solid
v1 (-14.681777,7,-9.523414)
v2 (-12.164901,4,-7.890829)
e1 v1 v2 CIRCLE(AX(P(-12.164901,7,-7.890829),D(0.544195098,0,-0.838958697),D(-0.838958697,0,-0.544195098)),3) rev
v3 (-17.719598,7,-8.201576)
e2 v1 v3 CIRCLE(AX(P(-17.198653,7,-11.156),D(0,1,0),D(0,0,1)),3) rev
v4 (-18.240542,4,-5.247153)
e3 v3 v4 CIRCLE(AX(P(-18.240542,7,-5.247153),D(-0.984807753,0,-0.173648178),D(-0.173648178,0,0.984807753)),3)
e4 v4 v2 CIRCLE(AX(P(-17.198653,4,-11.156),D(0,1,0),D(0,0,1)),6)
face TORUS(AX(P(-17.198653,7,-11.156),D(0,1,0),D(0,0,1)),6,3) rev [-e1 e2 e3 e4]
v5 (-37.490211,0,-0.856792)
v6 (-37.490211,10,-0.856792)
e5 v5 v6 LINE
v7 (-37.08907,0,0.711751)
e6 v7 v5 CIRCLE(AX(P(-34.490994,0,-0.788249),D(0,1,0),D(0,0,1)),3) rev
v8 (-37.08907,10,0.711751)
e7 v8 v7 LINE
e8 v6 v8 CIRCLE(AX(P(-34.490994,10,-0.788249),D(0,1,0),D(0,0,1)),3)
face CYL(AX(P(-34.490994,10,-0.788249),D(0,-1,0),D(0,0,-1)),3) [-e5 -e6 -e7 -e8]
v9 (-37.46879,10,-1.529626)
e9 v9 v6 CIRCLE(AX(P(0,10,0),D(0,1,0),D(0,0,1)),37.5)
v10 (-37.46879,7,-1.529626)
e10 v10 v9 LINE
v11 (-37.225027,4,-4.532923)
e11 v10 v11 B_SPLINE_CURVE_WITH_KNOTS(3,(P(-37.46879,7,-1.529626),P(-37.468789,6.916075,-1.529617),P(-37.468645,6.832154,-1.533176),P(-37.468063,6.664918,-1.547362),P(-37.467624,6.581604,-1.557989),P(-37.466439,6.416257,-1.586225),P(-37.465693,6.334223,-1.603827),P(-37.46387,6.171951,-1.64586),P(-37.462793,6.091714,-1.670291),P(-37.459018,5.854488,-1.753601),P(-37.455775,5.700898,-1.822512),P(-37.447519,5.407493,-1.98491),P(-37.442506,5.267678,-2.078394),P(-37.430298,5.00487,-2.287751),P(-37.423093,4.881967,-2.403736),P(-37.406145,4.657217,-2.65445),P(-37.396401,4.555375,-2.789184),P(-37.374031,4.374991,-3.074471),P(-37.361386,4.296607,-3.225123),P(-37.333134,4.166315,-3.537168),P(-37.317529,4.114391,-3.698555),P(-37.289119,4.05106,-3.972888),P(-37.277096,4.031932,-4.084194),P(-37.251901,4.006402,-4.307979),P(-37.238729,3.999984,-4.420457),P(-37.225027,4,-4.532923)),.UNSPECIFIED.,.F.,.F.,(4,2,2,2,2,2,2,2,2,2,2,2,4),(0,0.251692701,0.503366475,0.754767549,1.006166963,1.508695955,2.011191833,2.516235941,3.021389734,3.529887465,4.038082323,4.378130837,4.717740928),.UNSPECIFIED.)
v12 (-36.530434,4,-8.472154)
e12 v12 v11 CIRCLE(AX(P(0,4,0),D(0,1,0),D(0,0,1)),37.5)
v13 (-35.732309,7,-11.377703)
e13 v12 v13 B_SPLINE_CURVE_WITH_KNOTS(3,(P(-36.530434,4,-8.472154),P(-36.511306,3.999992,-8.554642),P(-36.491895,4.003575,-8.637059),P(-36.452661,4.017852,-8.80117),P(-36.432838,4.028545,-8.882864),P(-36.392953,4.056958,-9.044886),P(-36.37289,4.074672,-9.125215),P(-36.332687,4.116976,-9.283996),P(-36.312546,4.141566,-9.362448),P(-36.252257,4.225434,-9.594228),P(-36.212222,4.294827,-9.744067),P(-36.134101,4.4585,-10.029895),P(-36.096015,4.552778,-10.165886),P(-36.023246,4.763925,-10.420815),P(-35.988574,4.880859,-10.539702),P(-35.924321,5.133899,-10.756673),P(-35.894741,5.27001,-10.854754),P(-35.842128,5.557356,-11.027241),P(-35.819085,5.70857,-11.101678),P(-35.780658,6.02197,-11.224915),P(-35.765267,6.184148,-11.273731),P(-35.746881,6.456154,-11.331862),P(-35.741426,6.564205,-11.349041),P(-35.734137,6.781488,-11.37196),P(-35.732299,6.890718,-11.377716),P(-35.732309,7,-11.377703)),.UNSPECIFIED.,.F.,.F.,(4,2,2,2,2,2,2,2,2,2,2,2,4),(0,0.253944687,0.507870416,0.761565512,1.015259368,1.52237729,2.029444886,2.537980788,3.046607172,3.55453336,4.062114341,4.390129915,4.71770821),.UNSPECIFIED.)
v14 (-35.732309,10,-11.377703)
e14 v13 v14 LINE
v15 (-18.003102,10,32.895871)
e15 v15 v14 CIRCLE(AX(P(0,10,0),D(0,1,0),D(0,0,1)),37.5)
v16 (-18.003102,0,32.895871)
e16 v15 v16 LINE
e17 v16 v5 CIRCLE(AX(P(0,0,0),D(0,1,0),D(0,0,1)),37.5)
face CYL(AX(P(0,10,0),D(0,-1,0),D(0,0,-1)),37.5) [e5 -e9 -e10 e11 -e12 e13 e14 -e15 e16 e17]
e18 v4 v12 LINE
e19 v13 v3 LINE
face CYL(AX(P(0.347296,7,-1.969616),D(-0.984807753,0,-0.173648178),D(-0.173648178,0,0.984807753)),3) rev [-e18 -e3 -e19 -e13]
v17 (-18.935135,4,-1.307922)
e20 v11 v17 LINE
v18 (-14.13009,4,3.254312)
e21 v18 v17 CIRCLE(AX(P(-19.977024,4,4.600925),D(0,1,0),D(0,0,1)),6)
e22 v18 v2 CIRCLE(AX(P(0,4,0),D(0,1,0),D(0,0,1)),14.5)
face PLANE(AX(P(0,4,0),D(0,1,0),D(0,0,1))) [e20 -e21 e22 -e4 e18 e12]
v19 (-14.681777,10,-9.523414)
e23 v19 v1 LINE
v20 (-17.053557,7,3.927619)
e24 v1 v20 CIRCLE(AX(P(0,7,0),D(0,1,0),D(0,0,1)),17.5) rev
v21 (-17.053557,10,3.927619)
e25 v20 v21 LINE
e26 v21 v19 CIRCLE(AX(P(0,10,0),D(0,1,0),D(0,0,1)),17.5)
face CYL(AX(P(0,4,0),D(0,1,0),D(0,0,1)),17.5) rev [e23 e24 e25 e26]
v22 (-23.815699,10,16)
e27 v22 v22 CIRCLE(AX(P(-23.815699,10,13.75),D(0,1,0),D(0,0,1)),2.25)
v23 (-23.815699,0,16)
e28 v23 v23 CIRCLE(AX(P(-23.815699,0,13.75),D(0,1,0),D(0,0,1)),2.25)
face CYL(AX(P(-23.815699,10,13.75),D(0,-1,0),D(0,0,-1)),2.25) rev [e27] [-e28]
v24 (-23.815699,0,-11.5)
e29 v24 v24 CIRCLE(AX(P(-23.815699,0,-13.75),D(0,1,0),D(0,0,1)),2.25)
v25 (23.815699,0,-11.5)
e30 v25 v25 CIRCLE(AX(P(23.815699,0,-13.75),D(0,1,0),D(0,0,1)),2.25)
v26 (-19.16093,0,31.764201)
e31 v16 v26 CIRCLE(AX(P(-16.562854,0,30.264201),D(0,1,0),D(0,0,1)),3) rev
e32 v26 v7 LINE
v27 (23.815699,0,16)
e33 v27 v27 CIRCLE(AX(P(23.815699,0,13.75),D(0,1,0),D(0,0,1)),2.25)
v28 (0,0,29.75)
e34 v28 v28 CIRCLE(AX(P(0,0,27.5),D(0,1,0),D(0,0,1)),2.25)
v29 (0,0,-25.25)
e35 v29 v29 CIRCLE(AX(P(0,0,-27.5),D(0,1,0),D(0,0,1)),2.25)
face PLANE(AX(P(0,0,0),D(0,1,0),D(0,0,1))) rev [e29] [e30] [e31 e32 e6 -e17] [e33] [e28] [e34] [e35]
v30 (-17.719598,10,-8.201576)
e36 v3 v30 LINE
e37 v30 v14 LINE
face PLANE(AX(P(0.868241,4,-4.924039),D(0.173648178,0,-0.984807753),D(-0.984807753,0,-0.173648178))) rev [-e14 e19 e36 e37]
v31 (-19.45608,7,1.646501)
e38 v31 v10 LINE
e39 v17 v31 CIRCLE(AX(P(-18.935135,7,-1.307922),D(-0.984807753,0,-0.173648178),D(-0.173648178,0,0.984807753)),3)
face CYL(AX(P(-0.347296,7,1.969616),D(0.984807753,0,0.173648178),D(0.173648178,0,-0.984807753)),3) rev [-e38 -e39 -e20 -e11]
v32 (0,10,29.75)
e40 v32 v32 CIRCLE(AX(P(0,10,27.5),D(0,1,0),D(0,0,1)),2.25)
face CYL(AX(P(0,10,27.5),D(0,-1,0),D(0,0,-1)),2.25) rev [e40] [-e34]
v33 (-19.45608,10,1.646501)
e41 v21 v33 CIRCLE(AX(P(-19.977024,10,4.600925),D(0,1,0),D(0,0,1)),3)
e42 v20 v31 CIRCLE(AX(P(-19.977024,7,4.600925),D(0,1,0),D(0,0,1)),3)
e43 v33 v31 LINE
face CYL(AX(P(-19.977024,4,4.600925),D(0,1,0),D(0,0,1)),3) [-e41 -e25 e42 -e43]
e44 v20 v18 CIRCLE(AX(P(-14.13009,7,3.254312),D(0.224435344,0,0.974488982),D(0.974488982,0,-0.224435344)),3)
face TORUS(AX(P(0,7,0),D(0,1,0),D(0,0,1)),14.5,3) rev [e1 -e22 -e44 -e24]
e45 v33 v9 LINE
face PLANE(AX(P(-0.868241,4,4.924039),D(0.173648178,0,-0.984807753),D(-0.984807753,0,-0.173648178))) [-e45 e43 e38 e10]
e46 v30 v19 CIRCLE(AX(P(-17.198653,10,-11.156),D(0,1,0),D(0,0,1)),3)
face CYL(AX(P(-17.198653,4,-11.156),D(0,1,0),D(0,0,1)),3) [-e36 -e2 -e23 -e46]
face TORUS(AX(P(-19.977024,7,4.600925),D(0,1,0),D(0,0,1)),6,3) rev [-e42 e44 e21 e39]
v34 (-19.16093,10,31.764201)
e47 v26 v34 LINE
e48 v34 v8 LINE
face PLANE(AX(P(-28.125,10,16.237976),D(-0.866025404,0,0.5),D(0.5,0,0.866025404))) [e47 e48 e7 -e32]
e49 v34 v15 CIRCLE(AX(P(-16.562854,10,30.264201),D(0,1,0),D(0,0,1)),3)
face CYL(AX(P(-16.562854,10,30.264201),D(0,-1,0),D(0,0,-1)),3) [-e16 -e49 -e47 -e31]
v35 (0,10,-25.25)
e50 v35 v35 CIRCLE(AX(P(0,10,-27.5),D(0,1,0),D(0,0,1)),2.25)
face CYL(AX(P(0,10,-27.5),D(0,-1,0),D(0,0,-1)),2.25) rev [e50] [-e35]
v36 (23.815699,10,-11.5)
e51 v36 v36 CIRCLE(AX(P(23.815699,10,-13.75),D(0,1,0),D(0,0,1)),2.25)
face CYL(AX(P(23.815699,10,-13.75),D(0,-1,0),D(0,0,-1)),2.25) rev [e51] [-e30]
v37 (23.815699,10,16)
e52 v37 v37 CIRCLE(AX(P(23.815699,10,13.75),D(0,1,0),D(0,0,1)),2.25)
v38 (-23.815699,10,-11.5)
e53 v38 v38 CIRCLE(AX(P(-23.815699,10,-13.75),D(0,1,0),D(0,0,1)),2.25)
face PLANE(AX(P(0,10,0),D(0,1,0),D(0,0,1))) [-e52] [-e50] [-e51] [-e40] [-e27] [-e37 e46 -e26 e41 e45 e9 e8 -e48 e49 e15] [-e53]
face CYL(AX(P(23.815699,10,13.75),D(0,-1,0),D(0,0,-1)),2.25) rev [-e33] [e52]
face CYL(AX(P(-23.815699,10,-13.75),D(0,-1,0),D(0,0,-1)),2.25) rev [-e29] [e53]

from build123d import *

# Parameters (mm, degrees)
SKETCH1_R           = 37.5
SKETCH1_R_2         = 2.25
BOSS_EXTRUDE1_DEPTH = 10
SKETCH4_R           = 17.5
CUT_EXTRUDE3_DEPTH  = 6
CUT_EXTRUDE1_DEPTH  = 6
CUT_EXTRUDE2_DEPTH  = 10
FILLET1_R           = 3


with BuildPart() as part:
    # Sketch1 → Boss-Extrude1 (new body)
    with BuildSketch(Plane(origin=(0, 0, 0), x_dir=(1, 0, 0), z_dir=(0, 1, 0))):
        Circle(SKETCH1_R)
        with Locations((0, 27.5)):
            Circle(SKETCH1_R_2, mode=Mode.SUBTRACT)
        with Locations((23.815698604, 13.75)):
            Circle(SKETCH1_R_2, mode=Mode.SUBTRACT)
        with Locations((23.815698604, -13.75)):
            Circle(SKETCH1_R_2, mode=Mode.SUBTRACT)
        with Locations((0, -27.5)):
            Circle(SKETCH1_R_2, mode=Mode.SUBTRACT)
        with Locations((-23.815698604, -13.75)):
            Circle(SKETCH1_R_2, mode=Mode.SUBTRACT)
        with Locations((-23.815698604, 13.75)):
            Circle(SKETCH1_R_2, mode=Mode.SUBTRACT)
    extrude(amount=BOSS_EXTRUDE1_DEPTH)

    # Sketch4 → Cut-Extrude3 (cut)
    with BuildSketch(Plane(origin=(0, 10, 0), x_dir=(1, 0, 0), z_dir=(0, 1, 0))):
        Circle(SKETCH4_R)
    extrude(amount=-CUT_EXTRUDE3_DEPTH, mode=Mode.SUBTRACT)

    # Sketch2 → Cut-Extrude1 (cut)
    with BuildSketch(Plane(origin=(0, 10, 0), x_dir=(1, 0, 0), z_dir=(0, 1, 0))):
        with BuildLine():
            Line((-37.468790286, 1.529625603), (-17.383968992, -2.011870294))
            ThreePointArc((-17.383968992, -2.011870294), (-17.234135678, 3.038843109), (-15.647487215, 7.836207236))
            Line((-15.647487215, 7.836207236), (-35.73230851, 11.377703133))
            ThreePointArc((-35.73230851, 11.377703133), (-36.930290738, 6.511806663), (-37.468790286, 1.529625603))
        make_face()
    extrude(amount=-CUT_EXTRUDE1_DEPTH, mode=Mode.SUBTRACT)

    # Sketch3 → Cut-Extrude2 (cut)
    with BuildSketch(Plane.XZ):
        with BuildLine():
            Line((-37.5, 0), (-18.75, 32.475952642))
            ThreePointArc((-18.75, 32.475952642), (-32.475952642, 18.75), (-37.5, 0))
        make_face()
    extrude(amount=-CUT_EXTRUDE2_DEPTH, mode=Mode.SUBTRACT)

    # Fillet1
    fillet1_edges = [part.edges().sort_by_distance(p)[0] for p in [
        (17.234135678, 4, 3.038843109),
        (-27.426379639, 4, 0.241122346),
        (-15.647487215, 7, -7.836207236),
        (-25.689897863, 4, -9.606955184),
        (-17.383968992, 7, 2.011870294),
        (-18.75, 5, 32.475952642),
        (-37.5, 5, 0),
    ]]
    fillet(fillet1_edges, radius=FILLET1_R)


solid = part.part
